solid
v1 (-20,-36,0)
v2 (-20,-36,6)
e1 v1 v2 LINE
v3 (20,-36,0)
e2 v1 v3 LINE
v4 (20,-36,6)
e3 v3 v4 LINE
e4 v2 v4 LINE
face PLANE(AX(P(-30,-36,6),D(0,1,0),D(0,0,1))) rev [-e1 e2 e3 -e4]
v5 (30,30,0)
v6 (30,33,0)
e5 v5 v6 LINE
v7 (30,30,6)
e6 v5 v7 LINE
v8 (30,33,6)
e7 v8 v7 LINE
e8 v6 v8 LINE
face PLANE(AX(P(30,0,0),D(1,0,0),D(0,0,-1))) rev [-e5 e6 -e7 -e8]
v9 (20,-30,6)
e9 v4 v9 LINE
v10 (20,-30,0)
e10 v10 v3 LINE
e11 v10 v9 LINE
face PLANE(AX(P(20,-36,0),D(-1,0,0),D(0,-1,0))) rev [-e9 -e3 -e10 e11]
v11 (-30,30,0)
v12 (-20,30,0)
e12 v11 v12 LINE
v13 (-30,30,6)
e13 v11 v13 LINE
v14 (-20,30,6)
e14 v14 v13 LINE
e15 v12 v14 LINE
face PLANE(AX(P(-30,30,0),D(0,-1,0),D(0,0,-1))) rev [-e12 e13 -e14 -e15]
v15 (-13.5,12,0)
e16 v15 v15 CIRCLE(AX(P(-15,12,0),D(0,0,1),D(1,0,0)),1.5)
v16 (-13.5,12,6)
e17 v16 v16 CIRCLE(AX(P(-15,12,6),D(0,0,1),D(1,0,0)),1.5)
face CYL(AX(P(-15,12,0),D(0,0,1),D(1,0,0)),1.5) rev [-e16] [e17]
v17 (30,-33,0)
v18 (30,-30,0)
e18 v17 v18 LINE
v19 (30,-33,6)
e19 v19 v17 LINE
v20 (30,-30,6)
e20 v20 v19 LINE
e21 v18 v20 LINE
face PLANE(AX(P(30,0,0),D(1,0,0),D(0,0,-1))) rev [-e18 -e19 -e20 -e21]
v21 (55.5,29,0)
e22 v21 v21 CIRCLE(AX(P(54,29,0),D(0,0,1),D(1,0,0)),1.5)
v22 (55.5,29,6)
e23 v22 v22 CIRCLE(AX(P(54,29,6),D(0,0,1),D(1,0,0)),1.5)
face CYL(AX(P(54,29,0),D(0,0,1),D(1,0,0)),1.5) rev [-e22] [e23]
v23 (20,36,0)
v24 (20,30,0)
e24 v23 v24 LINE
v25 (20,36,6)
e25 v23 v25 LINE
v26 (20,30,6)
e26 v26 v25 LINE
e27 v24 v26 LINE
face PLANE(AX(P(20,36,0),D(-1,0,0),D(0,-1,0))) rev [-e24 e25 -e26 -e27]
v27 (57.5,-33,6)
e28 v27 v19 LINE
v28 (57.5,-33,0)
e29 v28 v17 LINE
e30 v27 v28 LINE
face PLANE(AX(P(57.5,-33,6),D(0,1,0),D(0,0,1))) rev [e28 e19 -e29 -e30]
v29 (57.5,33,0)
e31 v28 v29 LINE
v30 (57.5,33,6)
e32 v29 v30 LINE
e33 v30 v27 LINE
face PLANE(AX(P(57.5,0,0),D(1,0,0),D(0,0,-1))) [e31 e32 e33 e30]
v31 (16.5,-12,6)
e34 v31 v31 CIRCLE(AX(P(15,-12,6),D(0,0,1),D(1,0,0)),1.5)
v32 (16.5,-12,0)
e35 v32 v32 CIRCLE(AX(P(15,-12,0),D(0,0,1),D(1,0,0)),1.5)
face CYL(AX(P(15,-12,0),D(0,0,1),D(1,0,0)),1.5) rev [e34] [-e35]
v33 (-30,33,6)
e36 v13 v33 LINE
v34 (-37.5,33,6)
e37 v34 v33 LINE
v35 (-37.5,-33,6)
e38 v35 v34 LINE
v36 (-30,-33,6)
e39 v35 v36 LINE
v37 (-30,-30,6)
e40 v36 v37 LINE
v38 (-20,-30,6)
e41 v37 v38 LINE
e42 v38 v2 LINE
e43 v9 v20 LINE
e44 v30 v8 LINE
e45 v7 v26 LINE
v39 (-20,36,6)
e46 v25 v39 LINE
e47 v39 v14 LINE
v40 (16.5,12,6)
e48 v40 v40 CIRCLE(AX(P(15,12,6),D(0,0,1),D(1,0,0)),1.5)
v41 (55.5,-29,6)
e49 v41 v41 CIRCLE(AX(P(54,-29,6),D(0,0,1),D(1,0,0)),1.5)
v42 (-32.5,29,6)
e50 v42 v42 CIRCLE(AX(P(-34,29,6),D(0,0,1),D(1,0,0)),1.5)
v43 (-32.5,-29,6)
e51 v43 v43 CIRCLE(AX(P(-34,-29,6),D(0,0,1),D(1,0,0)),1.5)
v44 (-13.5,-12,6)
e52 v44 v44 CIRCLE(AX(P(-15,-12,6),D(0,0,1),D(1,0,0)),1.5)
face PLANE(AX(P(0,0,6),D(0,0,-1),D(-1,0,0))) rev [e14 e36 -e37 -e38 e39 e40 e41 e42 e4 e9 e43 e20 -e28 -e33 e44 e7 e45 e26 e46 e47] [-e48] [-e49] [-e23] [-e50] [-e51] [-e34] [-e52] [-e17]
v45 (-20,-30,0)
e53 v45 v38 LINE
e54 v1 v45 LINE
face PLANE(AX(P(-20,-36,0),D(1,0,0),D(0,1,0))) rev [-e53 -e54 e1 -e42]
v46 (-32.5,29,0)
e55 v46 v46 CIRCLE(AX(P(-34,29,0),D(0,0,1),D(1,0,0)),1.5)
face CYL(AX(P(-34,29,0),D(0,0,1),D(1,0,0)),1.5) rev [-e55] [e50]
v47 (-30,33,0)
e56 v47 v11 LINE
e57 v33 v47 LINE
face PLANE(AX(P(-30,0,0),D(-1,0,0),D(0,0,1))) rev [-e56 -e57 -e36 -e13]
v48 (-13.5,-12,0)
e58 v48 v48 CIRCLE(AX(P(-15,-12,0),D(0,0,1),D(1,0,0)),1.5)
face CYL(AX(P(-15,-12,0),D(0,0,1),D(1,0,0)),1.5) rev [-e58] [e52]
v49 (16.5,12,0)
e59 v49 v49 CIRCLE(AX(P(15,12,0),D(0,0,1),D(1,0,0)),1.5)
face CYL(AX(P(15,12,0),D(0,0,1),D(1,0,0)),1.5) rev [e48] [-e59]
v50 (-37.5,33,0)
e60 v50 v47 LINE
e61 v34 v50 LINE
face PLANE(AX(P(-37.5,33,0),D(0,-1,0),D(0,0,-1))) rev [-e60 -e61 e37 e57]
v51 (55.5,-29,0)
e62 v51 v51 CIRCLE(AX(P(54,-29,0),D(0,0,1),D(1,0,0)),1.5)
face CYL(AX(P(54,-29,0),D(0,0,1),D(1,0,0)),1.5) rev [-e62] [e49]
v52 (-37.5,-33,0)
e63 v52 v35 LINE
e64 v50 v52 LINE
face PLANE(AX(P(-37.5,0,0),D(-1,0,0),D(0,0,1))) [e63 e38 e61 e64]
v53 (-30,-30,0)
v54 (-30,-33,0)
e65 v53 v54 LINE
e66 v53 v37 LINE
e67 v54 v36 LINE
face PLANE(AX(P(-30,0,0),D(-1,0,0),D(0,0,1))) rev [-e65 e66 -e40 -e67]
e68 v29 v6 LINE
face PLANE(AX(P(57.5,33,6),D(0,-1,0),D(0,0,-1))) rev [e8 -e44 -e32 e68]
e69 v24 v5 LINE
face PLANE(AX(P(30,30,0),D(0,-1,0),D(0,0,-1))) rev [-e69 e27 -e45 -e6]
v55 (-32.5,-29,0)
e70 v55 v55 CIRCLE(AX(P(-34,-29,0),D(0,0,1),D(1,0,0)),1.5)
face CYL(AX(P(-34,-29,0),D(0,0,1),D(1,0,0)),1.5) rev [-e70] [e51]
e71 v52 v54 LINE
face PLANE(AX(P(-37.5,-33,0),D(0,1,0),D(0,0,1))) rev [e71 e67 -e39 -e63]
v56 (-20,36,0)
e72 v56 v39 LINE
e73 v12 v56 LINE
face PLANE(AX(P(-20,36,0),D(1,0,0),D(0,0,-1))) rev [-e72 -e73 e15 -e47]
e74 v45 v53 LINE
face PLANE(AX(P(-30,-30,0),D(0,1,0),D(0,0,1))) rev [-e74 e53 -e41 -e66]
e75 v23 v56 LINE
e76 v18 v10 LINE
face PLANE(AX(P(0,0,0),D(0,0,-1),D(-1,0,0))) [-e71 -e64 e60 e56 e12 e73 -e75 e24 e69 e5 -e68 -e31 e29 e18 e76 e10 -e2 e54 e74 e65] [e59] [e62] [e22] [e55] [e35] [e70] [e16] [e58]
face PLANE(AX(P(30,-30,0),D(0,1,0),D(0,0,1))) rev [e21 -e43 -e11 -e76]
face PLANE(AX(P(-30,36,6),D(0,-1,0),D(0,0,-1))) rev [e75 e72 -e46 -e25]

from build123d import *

# Parameters (mm, degrees)
SKETCH1_W               = 60
SKETCH1_H               = 72
BOSS_EXTRUDE1_DEPTH     = 6
SKETCH2_W               = 10
SKETCH2_H               = 6
CUT_EXTRUDE1_DEPTH      = 1
CUT_EXTRUDE1_DEPTH_BACK = 7
SKETCH3_R               = 1.5
CUT_EXTRUDE2_DEPTH      = 1
CUT_EXTRUDE2_DEPTH_BACK = 7
SKETCH6_W               = 6
SKETCH6_H               = 66
BOSS_EXTRUDE2_DEPTH     = 27.5
SKETCH7_W               = 6
SKETCH7_H               = 66
BOSS_EXTRUDE3_DEPTH     = 7.5
SKETCH8_R               = 1.5
CUT_EXTRUDE3_DEPTH      = 7


with BuildPart() as part:
    # Sketch1 → Boss-Extrude1 (new body)
    with BuildSketch(Plane.XY):
        Rectangle(SKETCH1_W, SKETCH1_H)
    extrude(amount=BOSS_EXTRUDE1_DEPTH)

    # Sketch2 → Cut-Extrude1 (cut, two sides)
    with BuildSketch(Plane.XY.offset(6)) as cut_extrude1_sk:
        with Locations((-25, 33)):
            Rectangle(SKETCH2_W, SKETCH2_H)
        with Locations((-25, -33)):
            Rectangle(SKETCH2_W, SKETCH2_H)
        with Locations((25, -33)):
            Rectangle(SKETCH2_W, SKETCH2_H)
        with Locations((25, 33)):
            Rectangle(SKETCH2_W, SKETCH2_H)
    extrude(amount=CUT_EXTRUDE1_DEPTH, mode=Mode.SUBTRACT)
    extrude(cut_extrude1_sk.sketch, amount=-CUT_EXTRUDE1_DEPTH_BACK, mode=Mode.SUBTRACT)

    # Sketch3 → Cut-Extrude2 (cut, two sides)
    with BuildSketch(Plane.XY.offset(6)) as cut_extrude2_sk:
        with Locations((-15, 12)):
            Circle(SKETCH3_R)
        with Locations((-15, -12)):
            Circle(SKETCH3_R)
        with Locations((15, -12)):
            Circle(SKETCH3_R)
        with Locations((15, 12)):
            Circle(SKETCH3_R)
    extrude(amount=CUT_EXTRUDE2_DEPTH, mode=Mode.SUBTRACT)
    extrude(cut_extrude2_sk.sketch, amount=-CUT_EXTRUDE2_DEPTH_BACK, mode=Mode.SUBTRACT)

    # Sketch6 → Boss-Extrude2 (add)
    with BuildSketch(Plane(origin=(30, 0, 0), x_dir=(0, 0, -1), z_dir=(1, 0, 0))):
        with Locations((-3, 0)):
            Rectangle(SKETCH6_W, SKETCH6_H)
    extrude(amount=BOSS_EXTRUDE2_DEPTH)

    # Sketch7 → Boss-Extrude3 (add)
    with BuildSketch(Plane.ZY.offset(30)):
        with Locations((3, 0)):
            Rectangle(SKETCH7_W, SKETCH7_H)
    extrude(amount=BOSS_EXTRUDE3_DEPTH)

    # Sketch8 → Cut-Extrude3 (cut, through all)
    with BuildSketch(Plane.XY.offset(6)):
        with Locations((54, -29)):
            Circle(SKETCH8_R)
        with Locations((54, 29)):
            Circle(SKETCH8_R)
        with Locations((-34, 29)):
            Circle(SKETCH8_R)
        with Locations((-34, -29)):
            Circle(SKETCH8_R)
    extrude(amount=-CUT_EXTRUDE3_DEPTH, mode=Mode.SUBTRACT)


solid = part.part
